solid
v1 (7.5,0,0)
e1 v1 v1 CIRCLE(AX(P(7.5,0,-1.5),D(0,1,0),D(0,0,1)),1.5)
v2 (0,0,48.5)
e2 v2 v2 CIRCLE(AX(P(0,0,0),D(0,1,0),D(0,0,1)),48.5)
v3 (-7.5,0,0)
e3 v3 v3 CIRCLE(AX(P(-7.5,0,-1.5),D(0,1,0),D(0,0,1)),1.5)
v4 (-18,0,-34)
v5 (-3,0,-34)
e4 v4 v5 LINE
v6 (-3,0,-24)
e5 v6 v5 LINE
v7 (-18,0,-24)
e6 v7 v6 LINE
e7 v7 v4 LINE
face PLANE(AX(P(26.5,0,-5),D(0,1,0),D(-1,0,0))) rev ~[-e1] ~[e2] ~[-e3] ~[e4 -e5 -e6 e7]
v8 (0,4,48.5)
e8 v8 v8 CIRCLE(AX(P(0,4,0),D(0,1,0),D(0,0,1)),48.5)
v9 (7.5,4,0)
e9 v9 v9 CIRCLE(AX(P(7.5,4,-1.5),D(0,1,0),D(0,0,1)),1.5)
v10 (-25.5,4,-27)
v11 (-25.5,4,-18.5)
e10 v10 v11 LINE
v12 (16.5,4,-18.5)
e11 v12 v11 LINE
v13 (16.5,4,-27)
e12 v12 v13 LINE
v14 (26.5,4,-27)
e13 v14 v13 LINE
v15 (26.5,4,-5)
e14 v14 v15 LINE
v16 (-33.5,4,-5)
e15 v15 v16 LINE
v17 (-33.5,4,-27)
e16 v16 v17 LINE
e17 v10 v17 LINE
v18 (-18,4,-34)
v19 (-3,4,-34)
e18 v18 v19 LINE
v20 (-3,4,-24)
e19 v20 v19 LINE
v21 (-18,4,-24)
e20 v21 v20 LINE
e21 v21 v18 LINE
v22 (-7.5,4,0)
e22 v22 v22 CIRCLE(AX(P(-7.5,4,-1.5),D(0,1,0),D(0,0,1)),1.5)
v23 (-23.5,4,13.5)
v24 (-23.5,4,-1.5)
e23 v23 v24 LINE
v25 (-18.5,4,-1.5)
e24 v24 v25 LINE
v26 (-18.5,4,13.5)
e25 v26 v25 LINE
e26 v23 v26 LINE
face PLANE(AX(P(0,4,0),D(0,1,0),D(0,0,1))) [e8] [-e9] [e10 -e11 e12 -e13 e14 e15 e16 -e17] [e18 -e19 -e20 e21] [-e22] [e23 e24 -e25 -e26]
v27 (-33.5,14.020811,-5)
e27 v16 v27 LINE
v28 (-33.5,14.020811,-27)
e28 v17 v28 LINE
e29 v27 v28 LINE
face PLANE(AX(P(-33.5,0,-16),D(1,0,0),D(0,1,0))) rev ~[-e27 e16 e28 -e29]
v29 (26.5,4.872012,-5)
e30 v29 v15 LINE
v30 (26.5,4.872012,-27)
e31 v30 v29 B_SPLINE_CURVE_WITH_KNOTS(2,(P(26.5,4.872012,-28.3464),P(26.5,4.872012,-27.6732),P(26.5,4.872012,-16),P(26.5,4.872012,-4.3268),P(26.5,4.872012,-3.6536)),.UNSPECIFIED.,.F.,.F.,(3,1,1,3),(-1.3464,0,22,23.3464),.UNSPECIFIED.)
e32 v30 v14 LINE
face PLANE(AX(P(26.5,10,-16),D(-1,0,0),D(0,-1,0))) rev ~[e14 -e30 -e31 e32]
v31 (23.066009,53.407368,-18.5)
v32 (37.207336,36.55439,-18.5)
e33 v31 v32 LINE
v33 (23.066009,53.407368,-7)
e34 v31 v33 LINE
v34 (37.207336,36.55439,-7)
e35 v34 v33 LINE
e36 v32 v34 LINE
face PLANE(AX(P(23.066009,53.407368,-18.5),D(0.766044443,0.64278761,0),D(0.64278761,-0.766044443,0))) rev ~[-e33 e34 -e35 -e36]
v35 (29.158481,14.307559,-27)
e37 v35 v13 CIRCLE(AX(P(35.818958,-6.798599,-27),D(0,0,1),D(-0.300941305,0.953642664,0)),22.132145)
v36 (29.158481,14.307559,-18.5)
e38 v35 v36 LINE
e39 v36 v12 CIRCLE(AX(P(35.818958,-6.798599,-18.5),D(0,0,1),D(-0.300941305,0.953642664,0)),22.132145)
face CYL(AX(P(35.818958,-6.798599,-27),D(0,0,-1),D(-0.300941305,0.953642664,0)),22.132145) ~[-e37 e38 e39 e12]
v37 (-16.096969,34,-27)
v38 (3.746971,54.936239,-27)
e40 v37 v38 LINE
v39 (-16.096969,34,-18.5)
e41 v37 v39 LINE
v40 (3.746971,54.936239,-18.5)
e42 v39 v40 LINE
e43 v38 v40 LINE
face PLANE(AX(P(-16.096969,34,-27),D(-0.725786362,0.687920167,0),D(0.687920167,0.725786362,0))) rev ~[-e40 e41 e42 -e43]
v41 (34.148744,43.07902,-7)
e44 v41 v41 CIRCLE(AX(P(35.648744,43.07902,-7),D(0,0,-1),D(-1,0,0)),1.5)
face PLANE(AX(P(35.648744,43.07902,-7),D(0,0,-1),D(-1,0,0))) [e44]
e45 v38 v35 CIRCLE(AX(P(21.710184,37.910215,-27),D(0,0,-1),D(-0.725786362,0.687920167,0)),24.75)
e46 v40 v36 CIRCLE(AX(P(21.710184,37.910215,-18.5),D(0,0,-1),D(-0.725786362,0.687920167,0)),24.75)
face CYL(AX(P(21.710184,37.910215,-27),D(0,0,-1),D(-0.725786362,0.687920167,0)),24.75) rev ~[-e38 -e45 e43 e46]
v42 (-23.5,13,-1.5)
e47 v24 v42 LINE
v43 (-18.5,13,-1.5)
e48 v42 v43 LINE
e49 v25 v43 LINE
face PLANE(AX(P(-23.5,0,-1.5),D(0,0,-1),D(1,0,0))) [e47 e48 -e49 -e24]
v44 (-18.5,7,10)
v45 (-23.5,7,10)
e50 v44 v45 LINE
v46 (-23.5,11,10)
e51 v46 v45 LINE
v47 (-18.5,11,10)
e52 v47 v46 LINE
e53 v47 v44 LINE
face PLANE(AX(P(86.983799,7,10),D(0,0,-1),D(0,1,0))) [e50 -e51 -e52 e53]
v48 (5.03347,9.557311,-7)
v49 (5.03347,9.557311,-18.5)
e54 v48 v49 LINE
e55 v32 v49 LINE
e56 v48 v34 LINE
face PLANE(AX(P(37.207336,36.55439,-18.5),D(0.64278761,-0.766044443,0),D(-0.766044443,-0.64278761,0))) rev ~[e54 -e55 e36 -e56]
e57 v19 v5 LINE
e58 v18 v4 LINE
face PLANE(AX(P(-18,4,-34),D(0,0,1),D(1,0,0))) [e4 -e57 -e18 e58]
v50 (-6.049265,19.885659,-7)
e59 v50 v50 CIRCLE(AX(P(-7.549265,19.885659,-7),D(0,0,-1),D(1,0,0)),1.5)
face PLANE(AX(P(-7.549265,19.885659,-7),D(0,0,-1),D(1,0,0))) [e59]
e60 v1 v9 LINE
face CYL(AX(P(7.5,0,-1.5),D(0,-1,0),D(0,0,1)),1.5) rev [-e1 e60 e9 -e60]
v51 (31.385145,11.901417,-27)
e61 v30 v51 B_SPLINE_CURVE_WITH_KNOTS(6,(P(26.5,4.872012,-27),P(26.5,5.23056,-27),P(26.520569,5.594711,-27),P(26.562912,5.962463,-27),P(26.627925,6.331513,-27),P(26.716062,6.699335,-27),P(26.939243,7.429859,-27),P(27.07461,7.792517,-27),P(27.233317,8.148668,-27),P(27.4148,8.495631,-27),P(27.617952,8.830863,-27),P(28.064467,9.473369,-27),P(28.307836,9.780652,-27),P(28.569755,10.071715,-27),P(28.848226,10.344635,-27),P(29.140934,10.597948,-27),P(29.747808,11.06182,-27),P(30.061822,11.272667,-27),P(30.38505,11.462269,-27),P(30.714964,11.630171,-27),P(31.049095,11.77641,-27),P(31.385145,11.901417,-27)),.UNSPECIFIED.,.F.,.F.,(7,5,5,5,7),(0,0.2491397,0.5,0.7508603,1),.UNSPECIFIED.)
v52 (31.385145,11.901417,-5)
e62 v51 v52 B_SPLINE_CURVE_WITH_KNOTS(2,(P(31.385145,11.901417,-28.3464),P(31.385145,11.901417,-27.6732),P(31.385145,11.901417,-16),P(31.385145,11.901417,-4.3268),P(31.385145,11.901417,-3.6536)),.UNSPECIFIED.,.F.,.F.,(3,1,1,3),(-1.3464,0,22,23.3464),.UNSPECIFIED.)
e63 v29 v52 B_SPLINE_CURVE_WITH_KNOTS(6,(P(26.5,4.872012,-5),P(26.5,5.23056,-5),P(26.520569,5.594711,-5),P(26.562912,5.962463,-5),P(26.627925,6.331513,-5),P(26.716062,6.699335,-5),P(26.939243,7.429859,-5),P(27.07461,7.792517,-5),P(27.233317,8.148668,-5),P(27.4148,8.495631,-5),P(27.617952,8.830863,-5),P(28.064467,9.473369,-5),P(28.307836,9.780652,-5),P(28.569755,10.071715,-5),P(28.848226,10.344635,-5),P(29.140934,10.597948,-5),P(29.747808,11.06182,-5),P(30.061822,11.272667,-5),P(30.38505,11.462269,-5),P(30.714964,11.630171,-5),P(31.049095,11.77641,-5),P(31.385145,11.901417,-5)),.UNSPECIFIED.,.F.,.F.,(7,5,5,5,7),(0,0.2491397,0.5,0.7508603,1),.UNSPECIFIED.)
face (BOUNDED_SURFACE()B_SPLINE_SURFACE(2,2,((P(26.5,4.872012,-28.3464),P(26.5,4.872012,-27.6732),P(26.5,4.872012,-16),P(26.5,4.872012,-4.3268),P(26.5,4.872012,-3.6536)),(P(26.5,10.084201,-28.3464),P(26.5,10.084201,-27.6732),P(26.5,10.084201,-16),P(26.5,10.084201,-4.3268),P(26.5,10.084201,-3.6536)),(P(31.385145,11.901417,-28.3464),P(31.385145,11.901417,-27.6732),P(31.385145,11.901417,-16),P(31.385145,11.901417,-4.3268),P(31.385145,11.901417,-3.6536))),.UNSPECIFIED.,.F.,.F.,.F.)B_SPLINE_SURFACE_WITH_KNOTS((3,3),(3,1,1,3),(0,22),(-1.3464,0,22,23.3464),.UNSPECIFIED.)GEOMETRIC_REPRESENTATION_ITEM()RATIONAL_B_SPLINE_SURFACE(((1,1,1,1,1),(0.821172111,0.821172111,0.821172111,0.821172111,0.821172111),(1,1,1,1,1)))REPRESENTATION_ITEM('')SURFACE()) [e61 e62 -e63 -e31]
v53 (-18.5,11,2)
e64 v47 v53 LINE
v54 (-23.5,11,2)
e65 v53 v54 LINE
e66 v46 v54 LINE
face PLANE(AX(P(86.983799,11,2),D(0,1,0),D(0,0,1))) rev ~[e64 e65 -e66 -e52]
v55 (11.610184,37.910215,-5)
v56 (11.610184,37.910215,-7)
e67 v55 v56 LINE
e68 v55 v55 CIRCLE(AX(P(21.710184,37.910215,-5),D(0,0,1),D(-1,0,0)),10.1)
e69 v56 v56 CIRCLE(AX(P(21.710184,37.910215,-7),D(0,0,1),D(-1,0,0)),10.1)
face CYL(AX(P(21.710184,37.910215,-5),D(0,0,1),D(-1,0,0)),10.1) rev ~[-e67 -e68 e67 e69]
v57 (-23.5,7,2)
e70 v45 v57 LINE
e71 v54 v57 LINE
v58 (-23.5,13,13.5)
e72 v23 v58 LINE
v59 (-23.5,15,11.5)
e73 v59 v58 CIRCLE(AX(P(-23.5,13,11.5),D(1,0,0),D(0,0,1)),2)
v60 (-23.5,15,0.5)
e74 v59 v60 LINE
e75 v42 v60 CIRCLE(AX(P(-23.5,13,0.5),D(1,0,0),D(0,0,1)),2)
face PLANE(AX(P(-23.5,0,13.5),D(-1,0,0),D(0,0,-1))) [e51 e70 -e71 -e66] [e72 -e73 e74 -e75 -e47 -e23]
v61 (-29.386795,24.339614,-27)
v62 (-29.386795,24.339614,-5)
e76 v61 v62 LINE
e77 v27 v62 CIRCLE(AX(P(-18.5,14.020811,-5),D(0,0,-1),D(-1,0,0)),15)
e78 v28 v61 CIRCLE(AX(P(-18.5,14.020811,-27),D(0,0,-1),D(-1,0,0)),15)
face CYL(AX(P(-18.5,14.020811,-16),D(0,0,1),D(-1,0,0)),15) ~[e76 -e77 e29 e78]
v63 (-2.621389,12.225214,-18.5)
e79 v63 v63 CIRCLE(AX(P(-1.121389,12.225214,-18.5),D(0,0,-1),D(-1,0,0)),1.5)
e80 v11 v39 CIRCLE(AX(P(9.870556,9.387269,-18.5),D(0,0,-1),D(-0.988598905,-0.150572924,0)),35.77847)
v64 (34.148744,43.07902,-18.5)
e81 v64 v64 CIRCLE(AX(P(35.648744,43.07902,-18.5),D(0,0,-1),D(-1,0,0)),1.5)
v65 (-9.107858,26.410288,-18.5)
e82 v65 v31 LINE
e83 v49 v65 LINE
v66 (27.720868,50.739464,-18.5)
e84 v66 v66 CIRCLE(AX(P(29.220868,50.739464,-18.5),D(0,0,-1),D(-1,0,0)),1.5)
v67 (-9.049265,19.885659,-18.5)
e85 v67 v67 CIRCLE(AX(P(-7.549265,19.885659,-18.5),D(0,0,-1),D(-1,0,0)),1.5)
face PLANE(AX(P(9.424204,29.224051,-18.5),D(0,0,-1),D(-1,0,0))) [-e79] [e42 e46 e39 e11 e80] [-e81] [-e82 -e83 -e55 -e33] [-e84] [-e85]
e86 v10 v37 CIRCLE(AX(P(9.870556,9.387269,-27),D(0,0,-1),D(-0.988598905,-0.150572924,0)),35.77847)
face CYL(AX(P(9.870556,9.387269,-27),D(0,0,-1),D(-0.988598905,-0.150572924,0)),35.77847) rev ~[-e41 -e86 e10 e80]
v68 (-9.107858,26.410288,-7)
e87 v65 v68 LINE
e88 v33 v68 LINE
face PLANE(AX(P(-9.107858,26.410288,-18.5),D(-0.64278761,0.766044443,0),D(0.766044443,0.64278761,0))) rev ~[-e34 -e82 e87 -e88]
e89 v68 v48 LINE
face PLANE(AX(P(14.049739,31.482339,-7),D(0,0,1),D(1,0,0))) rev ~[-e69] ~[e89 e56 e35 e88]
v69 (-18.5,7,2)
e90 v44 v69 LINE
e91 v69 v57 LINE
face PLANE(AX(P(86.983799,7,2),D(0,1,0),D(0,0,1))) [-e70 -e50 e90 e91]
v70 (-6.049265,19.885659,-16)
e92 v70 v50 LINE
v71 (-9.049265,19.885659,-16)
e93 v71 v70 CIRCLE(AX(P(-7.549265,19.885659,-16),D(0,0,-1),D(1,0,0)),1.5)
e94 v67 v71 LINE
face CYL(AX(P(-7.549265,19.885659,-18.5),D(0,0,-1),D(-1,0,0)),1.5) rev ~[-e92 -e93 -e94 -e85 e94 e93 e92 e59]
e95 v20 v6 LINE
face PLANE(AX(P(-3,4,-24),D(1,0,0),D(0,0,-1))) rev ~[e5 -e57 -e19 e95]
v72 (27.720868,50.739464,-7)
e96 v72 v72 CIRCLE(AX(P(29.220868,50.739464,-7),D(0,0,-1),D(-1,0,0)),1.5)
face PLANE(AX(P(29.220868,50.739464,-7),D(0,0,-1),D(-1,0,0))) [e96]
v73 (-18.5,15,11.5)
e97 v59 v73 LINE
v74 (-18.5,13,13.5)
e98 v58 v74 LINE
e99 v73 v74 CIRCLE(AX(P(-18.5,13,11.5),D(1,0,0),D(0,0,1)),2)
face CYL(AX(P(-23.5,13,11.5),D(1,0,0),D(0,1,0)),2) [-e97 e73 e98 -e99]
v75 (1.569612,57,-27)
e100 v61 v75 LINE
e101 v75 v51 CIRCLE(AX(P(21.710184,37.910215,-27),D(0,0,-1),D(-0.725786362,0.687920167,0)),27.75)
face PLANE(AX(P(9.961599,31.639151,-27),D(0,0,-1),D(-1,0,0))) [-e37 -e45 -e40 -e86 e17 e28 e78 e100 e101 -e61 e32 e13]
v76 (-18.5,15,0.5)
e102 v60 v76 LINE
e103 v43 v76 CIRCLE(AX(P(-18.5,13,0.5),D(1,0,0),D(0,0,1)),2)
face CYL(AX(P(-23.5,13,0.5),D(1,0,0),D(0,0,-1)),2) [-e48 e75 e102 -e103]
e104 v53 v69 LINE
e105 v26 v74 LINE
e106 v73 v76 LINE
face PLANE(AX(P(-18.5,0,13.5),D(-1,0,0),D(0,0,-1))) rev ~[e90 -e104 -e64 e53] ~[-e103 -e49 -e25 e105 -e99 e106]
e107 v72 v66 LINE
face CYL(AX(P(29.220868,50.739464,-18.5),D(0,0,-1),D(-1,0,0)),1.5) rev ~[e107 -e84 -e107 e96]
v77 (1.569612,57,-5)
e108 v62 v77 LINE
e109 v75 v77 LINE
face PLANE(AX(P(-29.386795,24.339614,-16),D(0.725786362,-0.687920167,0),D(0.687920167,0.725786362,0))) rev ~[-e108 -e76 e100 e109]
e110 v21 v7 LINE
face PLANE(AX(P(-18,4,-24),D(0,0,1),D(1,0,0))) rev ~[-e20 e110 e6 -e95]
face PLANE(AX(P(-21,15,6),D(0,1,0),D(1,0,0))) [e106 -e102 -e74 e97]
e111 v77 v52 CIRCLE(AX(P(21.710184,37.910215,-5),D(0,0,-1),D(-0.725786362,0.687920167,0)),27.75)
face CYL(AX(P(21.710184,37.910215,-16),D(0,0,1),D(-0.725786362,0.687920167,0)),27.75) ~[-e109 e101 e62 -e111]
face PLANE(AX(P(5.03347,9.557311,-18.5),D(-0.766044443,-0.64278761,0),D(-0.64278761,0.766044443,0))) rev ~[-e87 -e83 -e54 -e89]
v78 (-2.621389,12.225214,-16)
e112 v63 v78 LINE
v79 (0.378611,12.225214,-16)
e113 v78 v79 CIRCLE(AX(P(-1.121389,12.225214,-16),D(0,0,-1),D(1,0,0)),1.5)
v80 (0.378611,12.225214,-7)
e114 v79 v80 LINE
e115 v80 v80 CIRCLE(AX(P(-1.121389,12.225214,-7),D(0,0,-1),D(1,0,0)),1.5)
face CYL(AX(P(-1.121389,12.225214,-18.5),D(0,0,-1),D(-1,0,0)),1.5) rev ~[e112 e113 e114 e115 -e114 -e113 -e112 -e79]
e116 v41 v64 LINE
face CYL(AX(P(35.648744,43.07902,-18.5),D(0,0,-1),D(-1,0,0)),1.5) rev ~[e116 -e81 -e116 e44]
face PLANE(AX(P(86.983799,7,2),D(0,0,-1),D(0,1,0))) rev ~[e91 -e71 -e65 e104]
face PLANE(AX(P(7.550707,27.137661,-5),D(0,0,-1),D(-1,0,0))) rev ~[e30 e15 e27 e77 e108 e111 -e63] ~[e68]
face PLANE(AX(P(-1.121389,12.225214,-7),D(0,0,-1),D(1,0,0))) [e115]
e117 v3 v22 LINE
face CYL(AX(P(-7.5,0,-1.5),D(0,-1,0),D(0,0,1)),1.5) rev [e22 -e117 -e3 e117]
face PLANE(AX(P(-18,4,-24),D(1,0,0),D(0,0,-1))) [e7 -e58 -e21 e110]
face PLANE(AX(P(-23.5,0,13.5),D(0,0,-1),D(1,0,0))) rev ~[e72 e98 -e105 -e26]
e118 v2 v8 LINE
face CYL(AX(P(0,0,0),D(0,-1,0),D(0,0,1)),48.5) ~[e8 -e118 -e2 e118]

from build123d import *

# Parameters (mm, degrees)
SKETCH1_R               = 48.5
SKETCH1_R_2             = 1.5
SKETCH1_W               = 5
SKETCH1_H               = 15
BOSS_EXTRUDE1_DEPTH     = 4
SKETCH1_4_W             = 5
SKETCH1_4_H             = 15
BOSS_EXTRUDE2_DEPTH     = 15
FILLET1_R               = 2
EXTRUDE_THIN1_DEPTH     = 11
BOSS_EXTRUDE3_START     = 11
SKETCH3_4_R             = 10.1
BOSS_EXTRUDE3_DEPTH     = 11
CUT_EXTRUDE2_DEPTH      = 11
SKETCH8_R               = 1.5
CUT_EXTRUDE3_DEPTH      = 9
CUT_EXTRUDE4_DEPTH      = 110.483799158
CUT_EXTRUDE4_DEPTH_BACK = 110.483799158
SKETCH9_W               = 8
SKETCH9_H               = 4
SKETCH10_W              = 15
SKETCH10_H              = 10
CUT_EXTRUDE5_DEPTH      = 93.739106768
FILLET2_R               = 7.5
BOSS_EXTRUDE4_START     = 2.5
SKETCH11_R              = 1.5
BOSS_EXTRUDE4_DEPTH     = 2.5


with BuildPart() as part:
    # Sketch1 → Boss-Extrude1 (new body)
    with BuildSketch(Plane(origin=(0, 0, 0), x_dir=(1, 0, 0), z_dir=(0, 1, 0))):
        with Locations(Location((0, 0, 0), (0, 0, 270))):
            Circle(SKETCH1_R)
        with Locations(Location((7.5, 1.5, 0), (0, 0, 270))):
            Circle(SKETCH1_R_2, mode=Mode.SUBTRACT)
        with Locations(Location((-7.5, 1.5, 0), (0, 0, 270))):
            Circle(SKETCH1_R_2, mode=Mode.SUBTRACT)
        with Locations((-21, -6)):
            Rectangle(SKETCH1_W, SKETCH1_H, mode=Mode.SUBTRACT)
    extrude(amount=BOSS_EXTRUDE1_DEPTH)

    # Sketch1<4> → Boss-Extrude2 (add)
    with BuildSketch(Plane(origin=(0, 0, 0), x_dir=(1, 0, 0), z_dir=(0, 1, 0))):
        with Locations((-21, -6)):
            Rectangle(SKETCH1_4_W, SKETCH1_4_H)
    extrude(amount=BOSS_EXTRUDE2_DEPTH)

    # Fillet1
    fillet1_edges = [part.edges().sort_by_distance(p)[0] for p in [
        (-21, 15, -1.5),
        (-21, 15, 13.5),
    ]]
    fillet(fillet1_edges, radius=FILLET1_R)

    # Sketch3 → Extrude-Thin1 (add, symmetric)
    with BuildSketch(Plane.XY.offset(-16)):
        with BuildLine():
            Line((-33.5, 0), (-33.5, 14.02081119))
            ThreePointArc((-33.5, 14.02081119), (-32.433806578, 19.575001882), (-29.386795435, 24.339613696))
            Line((-29.386795435, 24.339613696), (1.569612084, 57))
            ThreePointArc((1.569612084, 57), (45.23729846, 52.625424101), (30.061304851, 11.446631432))
            ThreePointArc((30.061304851, 11.446631432), (28.251643763, 10.794728993), (26.5, 10))
            Line((26.5, 10), (26.5, 0))
            Line((26.5, 0), (16.5, 0))
            Line((16.5, 0), (16.5, 15.467006733))
            ThreePointArc((16.5, 15.467006733), (21.532603297, 18.690532933), (27.051891801, 20.983058074))
            ThreePointArc((27.051891801, 20.983058074), (36.759058885, 47.322646177), (8.827475707, 50.120798329))
            Line((8.827475707, 50.120798329), (-22.128931812, 17.460412025))
            ThreePointArc((-22.128931812, 17.460412025), (-23.144602193, 15.872208087), (-23.5, 14.02081119))
            Line((-23.5, 14.02081119), (-23.5, 0))
            Line((-23.5, 0), (-33.5, 0))
        make_face()
    extrude(amount=EXTRUDE_THIN1_DEPTH, both=True)

    # Sketch3<4> → Boss-Extrude3 (add)
    with BuildSketch(Plane.XY.offset(-16).offset(BOSS_EXTRUDE3_START)):
        with BuildLine():
            Line((-33.5, 0), (-33.5, 14.02081119))
            ThreePointArc((-33.5, 14.02081119), (-32.433806578, 19.575001882), (-29.386795435, 24.339613696))
            Line((-29.386795435, 24.339613696), (1.569612084, 57))
            ThreePointArc((1.569612084, 57), (45.23729846, 52.625424101), (30.061304851, 11.446631432))
            ThreePointArc((30.061304851, 11.446631432), (28.251643763, 10.794728993), (26.5, 10))
            Line((26.5, 10), (26.5, 0))
            Line((26.5, 0), (-33.5, 0))
        make_face()
        with Locations(Location((21.710183638, 37.910215363, 0), (0, 0, 180))):
            Circle(SKETCH3_4_R, mode=Mode.SUBTRACT)
    extrude(amount=-BOSS_EXTRUDE3_DEPTH)

    # Sketch5 → Cut-Extrude2 (cut)
    with BuildSketch(Plane(origin=(0, 0, -27), x_dir=(-1, 0, 0), z_dir=(0, 0, -1))):
        with BuildLine():
            Line((-16.5, 4), (25.5, 4))
            ThreePointArc((25.5, 4), (24.270182893, 20.088149503), (16.096969308, 34))
            Line((16.096969308, 34), (-3.746971171, 54.936239499))
            ThreePointArc((-3.746971171, 54.936239499), (-42.693826587, 51.034590724), (-29.158480936, 14.307559424))
            ThreePointArc((-29.158480936, 14.307559424), (-21.844187603, 10.363500889), (-16.5, 4))
        make_face()
    extrude(amount=-CUT_EXTRUDE2_DEPTH, mode=Mode.SUBTRACT)

    # Sketch8 → Cut-Extrude3 (cut)
    with BuildSketch(Plane(origin=(0, 0, -16), x_dir=(-1, 0, 0), z_dir=(0, 0, -1))):
        with Locations((-35.648743891, 43.079019683)):
            Circle(SKETCH8_R)
        with Locations((-29.220867794, 50.739464115)):
            Circle(SKETCH8_R)
        with Locations(Location((7.549265476, 19.88565885, 0), (0, 0, 180))):
            Circle(SKETCH8_R)
        with Locations(Location((1.121389379, 12.225214418, 0), (0, 0, 180))):
            Circle(SKETCH8_R)
        Polygon((-37.207336219, 36.554390196), (-23.066008806, 53.407367944), (9.107857805, 26.410288337), (-5.033469608, 9.557310589), align=None)
    extrude(amount=-CUT_EXTRUDE3_DEPTH, mode=Mode.SUBTRACT)

    # Sketch9 → Cut-Extrude4 (cut, two sides: drawn at the far end of the back side and taken through both)
    with BuildSketch(Plane.ZY.offset(23.5).offset(-CUT_EXTRUDE4_DEPTH_BACK)):
        with Locations((6, 9)):
            Rectangle(SKETCH9_W, SKETCH9_H)
    extrude(amount=CUT_EXTRUDE4_DEPTH + CUT_EXTRUDE4_DEPTH_BACK, mode=Mode.SUBTRACT)

    # Sketch10 → Cut-Extrude5 (cut, through all)
    with BuildSketch(Plane(origin=(0, 4, 0), x_dir=(1, 0, 0), z_dir=(0, 1, 0))):
        with Locations((-10.5, 29)):
            Rectangle(SKETCH10_W, SKETCH10_H)
    extrude(amount=-CUT_EXTRUDE5_DEPTH, mode=Mode.SUBTRACT)

    # Fillet2
    fillet2_edges = [part.edges().sort_by_distance(p)[0] for p in [
        (26.5, 10, -16),
    ]]
    fillet(fillet2_edges, radius=FILLET2_R)

    # Sketch11 → Boss-Extrude4 (add)
    with BuildSketch(Plane(origin=(0, 0, -16), x_dir=(-1, 0, 0), z_dir=(0, 0, -1)).offset(BOSS_EXTRUDE4_START)):
        with BuildLine():
            Line((-16.5, 4), (25.5, 4))
            ThreePointArc((25.5, 4), (24.270182893, 20.088149503), (16.096969308, 34))
            Line((16.096969308, 34), (-3.746971171, 54.936239499))
            ThreePointArc((-3.746971171, 54.936239499), (-42.693826587, 51.034590724), (-29.158480936, 14.307559424))
            ThreePointArc((-29.158480936, 14.307559424), (-21.844187603, 10.363500889), (-16.5, 4))
        make_face()
        with Locations((1.121389379, 12.225214418)):
            Circle(SKETCH11_R, mode=Mode.SUBTRACT)
        with Locations((7.549265476, 19.88565885)):
            Circle(SKETCH11_R, mode=Mode.SUBTRACT)
        with Locations((-35.648743891, 43.079019683)):
            Circle(SKETCH11_R, mode=Mode.SUBTRACT)
        with Locations((-29.220867794, 50.739464115)):
            Circle(SKETCH11_R, mode=Mode.SUBTRACT)
        Polygon((-5.033469608, 9.557310589), (9.107857805, 26.410288337), (-23.066008806, 53.407367944), (-37.207336219, 36.554390196), align=None, mode=Mode.SUBTRACT)
    extrude(amount=-BOSS_EXTRUDE4_DEPTH)


solid = part.part
